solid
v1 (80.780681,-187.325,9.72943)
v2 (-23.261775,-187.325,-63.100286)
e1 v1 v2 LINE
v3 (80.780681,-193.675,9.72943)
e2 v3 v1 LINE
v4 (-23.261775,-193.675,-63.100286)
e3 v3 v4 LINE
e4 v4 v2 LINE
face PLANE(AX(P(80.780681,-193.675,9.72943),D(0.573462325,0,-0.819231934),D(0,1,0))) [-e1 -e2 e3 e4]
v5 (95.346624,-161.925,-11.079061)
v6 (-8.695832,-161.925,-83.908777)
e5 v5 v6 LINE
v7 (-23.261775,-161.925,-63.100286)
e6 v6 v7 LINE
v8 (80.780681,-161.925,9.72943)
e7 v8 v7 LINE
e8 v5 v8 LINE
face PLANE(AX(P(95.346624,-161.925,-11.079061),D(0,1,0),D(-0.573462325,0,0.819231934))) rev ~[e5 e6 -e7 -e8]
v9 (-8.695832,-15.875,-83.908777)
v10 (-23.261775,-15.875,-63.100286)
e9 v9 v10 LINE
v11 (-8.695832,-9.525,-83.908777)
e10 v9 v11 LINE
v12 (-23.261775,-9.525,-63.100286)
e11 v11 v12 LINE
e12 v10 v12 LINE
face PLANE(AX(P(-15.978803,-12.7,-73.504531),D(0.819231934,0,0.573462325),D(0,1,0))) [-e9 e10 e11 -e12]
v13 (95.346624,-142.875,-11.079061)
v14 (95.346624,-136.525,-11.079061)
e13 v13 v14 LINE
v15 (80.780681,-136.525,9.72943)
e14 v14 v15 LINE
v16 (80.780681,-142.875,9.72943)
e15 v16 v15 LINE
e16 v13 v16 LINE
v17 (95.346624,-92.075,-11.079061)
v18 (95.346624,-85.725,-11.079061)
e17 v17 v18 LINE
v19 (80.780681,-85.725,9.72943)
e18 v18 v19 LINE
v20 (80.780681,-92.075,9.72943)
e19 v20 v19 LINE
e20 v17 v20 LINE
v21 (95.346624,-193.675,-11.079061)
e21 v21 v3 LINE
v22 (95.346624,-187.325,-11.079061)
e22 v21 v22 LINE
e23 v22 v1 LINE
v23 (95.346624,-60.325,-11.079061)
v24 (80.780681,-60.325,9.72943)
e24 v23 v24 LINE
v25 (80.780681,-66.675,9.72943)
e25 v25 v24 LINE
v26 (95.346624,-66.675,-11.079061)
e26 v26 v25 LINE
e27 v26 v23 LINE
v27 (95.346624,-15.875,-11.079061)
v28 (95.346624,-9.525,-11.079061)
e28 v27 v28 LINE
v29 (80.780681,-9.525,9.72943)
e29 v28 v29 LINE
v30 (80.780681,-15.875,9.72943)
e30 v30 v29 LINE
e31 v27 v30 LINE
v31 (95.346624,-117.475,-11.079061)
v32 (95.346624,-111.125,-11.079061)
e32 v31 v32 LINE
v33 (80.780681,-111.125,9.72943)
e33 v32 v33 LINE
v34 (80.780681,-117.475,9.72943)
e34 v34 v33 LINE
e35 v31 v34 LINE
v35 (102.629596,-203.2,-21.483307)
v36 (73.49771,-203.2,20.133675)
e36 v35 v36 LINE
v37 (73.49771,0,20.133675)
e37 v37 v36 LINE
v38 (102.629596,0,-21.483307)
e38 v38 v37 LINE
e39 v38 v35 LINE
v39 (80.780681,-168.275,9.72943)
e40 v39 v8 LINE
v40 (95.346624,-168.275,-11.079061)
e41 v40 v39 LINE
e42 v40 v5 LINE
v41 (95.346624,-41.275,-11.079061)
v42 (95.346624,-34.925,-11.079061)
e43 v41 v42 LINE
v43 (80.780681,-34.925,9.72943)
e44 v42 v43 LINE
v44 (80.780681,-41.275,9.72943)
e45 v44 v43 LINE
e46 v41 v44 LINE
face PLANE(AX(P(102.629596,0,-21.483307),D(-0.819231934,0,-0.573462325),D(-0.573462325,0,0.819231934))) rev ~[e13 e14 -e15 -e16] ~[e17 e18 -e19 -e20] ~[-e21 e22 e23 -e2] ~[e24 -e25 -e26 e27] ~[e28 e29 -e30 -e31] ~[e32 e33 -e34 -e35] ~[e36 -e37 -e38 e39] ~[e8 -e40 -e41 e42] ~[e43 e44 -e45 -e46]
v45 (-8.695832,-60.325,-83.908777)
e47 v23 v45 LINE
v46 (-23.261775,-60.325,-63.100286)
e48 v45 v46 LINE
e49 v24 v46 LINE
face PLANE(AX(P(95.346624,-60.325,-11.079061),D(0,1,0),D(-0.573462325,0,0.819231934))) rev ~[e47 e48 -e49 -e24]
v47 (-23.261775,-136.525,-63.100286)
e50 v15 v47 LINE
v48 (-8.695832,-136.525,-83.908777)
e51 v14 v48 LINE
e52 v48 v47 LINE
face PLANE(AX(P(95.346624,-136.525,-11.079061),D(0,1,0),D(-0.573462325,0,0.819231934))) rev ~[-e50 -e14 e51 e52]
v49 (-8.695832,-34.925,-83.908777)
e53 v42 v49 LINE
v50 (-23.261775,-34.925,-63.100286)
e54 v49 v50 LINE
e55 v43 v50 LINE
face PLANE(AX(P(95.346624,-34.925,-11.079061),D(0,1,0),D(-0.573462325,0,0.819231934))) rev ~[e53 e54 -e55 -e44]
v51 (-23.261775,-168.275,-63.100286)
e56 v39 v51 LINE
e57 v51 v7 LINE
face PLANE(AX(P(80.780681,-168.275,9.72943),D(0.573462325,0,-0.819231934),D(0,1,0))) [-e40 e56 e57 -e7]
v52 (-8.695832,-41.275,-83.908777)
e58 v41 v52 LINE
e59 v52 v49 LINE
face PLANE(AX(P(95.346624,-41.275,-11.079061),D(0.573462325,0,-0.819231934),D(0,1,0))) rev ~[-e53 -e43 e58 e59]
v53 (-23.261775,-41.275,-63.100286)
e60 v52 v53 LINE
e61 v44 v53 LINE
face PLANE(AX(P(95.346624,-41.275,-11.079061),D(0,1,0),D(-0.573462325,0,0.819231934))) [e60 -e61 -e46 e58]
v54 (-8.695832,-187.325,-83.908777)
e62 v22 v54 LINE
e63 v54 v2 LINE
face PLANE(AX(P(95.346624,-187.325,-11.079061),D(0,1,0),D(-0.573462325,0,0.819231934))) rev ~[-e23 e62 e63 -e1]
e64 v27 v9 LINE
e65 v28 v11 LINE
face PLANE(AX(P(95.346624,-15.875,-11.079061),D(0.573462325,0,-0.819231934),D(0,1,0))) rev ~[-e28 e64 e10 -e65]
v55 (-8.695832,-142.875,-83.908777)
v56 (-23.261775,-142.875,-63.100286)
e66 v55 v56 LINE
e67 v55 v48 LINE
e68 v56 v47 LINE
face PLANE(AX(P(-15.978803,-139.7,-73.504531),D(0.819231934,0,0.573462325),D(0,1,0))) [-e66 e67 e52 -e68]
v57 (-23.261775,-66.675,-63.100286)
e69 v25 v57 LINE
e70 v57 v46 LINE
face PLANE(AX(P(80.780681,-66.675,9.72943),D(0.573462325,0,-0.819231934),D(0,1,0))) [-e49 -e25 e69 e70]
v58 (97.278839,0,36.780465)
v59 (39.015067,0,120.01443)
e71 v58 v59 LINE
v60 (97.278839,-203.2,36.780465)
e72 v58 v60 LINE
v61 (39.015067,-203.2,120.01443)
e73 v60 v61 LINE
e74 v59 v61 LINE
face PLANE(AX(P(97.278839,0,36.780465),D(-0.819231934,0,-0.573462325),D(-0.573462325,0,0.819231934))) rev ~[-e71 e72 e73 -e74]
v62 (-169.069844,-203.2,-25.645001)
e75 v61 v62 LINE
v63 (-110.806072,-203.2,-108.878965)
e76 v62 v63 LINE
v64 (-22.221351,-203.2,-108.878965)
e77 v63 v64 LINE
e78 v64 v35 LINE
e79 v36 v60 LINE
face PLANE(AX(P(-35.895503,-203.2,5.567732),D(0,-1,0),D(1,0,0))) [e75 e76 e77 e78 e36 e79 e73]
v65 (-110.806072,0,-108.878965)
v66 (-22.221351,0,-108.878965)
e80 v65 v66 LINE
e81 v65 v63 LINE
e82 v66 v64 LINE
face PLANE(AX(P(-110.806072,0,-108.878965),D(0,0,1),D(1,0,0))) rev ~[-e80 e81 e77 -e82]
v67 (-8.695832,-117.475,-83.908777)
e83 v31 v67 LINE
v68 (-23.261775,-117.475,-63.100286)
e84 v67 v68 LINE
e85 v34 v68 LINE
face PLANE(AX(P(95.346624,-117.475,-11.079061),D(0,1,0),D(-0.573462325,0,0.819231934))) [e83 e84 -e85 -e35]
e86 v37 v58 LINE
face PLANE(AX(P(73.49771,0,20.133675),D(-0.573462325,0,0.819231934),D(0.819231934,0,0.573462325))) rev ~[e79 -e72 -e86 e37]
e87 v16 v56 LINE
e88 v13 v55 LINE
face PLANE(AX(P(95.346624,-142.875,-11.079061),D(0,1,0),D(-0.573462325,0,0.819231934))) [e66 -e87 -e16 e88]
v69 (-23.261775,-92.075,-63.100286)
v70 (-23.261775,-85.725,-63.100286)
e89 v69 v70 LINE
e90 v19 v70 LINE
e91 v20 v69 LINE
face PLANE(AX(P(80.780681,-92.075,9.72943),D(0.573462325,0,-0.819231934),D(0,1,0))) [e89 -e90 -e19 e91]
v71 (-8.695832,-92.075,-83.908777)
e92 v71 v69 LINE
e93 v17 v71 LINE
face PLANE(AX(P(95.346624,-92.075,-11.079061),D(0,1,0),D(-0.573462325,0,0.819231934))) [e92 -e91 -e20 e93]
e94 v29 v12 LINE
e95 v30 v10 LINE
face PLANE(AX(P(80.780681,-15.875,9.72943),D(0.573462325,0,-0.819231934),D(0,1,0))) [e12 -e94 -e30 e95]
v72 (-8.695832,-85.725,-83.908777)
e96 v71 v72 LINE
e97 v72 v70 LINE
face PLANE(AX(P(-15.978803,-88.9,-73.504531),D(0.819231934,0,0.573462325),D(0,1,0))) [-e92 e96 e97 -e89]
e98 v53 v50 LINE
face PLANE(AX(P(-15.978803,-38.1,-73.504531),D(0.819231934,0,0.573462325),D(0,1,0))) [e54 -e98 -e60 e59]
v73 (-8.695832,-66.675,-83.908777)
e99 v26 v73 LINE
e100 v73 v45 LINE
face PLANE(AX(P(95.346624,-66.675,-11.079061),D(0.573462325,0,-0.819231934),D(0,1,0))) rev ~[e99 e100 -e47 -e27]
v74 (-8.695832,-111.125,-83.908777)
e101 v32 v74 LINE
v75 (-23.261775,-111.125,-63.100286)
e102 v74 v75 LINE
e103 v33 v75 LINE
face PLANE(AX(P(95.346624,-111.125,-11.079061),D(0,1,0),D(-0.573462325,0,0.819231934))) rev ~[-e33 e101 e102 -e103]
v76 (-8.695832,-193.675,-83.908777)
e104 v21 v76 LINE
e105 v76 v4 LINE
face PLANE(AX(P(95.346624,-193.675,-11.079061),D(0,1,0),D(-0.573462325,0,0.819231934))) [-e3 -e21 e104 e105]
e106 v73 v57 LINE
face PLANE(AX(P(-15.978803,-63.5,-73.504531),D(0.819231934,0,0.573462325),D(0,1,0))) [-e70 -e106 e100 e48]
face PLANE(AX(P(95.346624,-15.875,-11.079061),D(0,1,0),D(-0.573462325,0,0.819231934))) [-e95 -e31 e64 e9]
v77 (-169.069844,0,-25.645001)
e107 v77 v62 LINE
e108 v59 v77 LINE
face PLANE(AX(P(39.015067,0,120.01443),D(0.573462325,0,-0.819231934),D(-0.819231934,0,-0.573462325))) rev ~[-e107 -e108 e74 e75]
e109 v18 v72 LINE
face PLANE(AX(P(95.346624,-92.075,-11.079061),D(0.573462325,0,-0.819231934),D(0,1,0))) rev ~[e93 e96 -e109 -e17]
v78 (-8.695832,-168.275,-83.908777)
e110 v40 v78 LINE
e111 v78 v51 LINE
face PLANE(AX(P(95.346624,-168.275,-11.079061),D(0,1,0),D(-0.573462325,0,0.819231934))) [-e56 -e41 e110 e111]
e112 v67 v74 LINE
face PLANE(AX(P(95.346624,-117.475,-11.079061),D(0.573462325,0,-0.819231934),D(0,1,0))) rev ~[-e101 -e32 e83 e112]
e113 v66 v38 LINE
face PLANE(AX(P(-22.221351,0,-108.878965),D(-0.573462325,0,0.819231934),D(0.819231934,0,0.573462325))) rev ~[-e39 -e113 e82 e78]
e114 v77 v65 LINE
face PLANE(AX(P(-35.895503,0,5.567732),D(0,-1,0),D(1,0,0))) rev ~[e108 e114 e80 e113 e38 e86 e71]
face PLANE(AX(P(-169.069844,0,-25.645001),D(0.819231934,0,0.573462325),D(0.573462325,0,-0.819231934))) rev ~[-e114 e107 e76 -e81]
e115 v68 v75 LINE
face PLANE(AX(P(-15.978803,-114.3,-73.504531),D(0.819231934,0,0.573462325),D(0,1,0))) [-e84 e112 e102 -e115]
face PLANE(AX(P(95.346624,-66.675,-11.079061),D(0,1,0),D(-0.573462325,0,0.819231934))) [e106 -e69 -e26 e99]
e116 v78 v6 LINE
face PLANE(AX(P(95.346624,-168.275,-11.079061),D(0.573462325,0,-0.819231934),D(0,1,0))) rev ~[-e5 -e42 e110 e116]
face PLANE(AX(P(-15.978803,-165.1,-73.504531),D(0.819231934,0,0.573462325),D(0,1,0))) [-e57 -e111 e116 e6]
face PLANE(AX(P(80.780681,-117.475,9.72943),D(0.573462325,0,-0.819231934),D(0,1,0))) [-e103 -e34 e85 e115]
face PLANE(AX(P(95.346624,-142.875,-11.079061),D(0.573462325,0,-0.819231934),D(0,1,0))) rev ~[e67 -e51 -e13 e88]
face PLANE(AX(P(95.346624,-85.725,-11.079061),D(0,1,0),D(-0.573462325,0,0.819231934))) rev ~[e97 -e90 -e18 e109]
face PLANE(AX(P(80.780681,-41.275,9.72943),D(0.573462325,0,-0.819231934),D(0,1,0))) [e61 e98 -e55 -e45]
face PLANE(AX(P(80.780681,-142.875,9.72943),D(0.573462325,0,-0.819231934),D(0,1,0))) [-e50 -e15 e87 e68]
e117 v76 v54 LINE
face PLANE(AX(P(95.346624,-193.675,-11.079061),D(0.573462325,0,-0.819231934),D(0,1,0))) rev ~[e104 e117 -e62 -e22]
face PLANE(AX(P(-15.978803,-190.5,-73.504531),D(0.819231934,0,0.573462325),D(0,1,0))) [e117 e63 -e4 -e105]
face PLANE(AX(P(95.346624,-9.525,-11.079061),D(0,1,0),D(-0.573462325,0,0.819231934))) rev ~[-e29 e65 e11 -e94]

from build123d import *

# Parameters (mm, degrees)
F1_DEPTH = 203.2
F2_W     = 6.35
F2_H     = 25.4
F3_DEPTH = 127


with BuildPart() as f1:
    # F0 (on Front) → F1 (new body)
    with BuildSketch(Plane.XZ):
        Polygon((39.0150669992, 120.0144297529), (-169.0698442861, -25.6450007532), (-110.8060720837, -108.8789652674), (73.4977095011, 20.1336752934), (97.2788392016, 36.7804652388), align=None)
        Polygon((73.4977095011, 20.1336752934), (-110.8060720837, -108.8789652674), (-22.2213511689, -108.8789652674), (102.6295956023, -21.4833069637), align=None)
    extrude(amount=F1_DEPTH)

    # F2 (on face) → F3 (cut)
    with BuildSketch(Plane(origin=(58.786096923, 0, 41.1502657574), x_dir=(0, 1, 0), z_dir=(0.8192319342, 0, 0.5734623248))):
        with Locations((-190.5, -51.0540176069)):
            Rectangle(F2_W, F2_H)
        with Locations((-165.1, -51.0540176069)):
            Rectangle(F2_W, F2_H)
        with Locations((-139.7, -51.0540176069)):
            Rectangle(F2_W, F2_H)
        with Locations((-114.3, -51.0540176069)):
            Rectangle(F2_W, F2_H)
        with Locations((-88.9, -51.0540176069)):
            Rectangle(F2_W, F2_H)
        with Locations((-63.5, -51.0540176069)):
            Rectangle(F2_W, F2_H)
        with Locations((-38.1, -51.0540176069)):
            Rectangle(F2_W, F2_H)
        with Locations((-12.7, -51.0540176069)):
            Rectangle(F2_W, F2_H)
    extrude(amount=-F3_DEPTH, mode=Mode.SUBTRACT)


solid = f1.part
